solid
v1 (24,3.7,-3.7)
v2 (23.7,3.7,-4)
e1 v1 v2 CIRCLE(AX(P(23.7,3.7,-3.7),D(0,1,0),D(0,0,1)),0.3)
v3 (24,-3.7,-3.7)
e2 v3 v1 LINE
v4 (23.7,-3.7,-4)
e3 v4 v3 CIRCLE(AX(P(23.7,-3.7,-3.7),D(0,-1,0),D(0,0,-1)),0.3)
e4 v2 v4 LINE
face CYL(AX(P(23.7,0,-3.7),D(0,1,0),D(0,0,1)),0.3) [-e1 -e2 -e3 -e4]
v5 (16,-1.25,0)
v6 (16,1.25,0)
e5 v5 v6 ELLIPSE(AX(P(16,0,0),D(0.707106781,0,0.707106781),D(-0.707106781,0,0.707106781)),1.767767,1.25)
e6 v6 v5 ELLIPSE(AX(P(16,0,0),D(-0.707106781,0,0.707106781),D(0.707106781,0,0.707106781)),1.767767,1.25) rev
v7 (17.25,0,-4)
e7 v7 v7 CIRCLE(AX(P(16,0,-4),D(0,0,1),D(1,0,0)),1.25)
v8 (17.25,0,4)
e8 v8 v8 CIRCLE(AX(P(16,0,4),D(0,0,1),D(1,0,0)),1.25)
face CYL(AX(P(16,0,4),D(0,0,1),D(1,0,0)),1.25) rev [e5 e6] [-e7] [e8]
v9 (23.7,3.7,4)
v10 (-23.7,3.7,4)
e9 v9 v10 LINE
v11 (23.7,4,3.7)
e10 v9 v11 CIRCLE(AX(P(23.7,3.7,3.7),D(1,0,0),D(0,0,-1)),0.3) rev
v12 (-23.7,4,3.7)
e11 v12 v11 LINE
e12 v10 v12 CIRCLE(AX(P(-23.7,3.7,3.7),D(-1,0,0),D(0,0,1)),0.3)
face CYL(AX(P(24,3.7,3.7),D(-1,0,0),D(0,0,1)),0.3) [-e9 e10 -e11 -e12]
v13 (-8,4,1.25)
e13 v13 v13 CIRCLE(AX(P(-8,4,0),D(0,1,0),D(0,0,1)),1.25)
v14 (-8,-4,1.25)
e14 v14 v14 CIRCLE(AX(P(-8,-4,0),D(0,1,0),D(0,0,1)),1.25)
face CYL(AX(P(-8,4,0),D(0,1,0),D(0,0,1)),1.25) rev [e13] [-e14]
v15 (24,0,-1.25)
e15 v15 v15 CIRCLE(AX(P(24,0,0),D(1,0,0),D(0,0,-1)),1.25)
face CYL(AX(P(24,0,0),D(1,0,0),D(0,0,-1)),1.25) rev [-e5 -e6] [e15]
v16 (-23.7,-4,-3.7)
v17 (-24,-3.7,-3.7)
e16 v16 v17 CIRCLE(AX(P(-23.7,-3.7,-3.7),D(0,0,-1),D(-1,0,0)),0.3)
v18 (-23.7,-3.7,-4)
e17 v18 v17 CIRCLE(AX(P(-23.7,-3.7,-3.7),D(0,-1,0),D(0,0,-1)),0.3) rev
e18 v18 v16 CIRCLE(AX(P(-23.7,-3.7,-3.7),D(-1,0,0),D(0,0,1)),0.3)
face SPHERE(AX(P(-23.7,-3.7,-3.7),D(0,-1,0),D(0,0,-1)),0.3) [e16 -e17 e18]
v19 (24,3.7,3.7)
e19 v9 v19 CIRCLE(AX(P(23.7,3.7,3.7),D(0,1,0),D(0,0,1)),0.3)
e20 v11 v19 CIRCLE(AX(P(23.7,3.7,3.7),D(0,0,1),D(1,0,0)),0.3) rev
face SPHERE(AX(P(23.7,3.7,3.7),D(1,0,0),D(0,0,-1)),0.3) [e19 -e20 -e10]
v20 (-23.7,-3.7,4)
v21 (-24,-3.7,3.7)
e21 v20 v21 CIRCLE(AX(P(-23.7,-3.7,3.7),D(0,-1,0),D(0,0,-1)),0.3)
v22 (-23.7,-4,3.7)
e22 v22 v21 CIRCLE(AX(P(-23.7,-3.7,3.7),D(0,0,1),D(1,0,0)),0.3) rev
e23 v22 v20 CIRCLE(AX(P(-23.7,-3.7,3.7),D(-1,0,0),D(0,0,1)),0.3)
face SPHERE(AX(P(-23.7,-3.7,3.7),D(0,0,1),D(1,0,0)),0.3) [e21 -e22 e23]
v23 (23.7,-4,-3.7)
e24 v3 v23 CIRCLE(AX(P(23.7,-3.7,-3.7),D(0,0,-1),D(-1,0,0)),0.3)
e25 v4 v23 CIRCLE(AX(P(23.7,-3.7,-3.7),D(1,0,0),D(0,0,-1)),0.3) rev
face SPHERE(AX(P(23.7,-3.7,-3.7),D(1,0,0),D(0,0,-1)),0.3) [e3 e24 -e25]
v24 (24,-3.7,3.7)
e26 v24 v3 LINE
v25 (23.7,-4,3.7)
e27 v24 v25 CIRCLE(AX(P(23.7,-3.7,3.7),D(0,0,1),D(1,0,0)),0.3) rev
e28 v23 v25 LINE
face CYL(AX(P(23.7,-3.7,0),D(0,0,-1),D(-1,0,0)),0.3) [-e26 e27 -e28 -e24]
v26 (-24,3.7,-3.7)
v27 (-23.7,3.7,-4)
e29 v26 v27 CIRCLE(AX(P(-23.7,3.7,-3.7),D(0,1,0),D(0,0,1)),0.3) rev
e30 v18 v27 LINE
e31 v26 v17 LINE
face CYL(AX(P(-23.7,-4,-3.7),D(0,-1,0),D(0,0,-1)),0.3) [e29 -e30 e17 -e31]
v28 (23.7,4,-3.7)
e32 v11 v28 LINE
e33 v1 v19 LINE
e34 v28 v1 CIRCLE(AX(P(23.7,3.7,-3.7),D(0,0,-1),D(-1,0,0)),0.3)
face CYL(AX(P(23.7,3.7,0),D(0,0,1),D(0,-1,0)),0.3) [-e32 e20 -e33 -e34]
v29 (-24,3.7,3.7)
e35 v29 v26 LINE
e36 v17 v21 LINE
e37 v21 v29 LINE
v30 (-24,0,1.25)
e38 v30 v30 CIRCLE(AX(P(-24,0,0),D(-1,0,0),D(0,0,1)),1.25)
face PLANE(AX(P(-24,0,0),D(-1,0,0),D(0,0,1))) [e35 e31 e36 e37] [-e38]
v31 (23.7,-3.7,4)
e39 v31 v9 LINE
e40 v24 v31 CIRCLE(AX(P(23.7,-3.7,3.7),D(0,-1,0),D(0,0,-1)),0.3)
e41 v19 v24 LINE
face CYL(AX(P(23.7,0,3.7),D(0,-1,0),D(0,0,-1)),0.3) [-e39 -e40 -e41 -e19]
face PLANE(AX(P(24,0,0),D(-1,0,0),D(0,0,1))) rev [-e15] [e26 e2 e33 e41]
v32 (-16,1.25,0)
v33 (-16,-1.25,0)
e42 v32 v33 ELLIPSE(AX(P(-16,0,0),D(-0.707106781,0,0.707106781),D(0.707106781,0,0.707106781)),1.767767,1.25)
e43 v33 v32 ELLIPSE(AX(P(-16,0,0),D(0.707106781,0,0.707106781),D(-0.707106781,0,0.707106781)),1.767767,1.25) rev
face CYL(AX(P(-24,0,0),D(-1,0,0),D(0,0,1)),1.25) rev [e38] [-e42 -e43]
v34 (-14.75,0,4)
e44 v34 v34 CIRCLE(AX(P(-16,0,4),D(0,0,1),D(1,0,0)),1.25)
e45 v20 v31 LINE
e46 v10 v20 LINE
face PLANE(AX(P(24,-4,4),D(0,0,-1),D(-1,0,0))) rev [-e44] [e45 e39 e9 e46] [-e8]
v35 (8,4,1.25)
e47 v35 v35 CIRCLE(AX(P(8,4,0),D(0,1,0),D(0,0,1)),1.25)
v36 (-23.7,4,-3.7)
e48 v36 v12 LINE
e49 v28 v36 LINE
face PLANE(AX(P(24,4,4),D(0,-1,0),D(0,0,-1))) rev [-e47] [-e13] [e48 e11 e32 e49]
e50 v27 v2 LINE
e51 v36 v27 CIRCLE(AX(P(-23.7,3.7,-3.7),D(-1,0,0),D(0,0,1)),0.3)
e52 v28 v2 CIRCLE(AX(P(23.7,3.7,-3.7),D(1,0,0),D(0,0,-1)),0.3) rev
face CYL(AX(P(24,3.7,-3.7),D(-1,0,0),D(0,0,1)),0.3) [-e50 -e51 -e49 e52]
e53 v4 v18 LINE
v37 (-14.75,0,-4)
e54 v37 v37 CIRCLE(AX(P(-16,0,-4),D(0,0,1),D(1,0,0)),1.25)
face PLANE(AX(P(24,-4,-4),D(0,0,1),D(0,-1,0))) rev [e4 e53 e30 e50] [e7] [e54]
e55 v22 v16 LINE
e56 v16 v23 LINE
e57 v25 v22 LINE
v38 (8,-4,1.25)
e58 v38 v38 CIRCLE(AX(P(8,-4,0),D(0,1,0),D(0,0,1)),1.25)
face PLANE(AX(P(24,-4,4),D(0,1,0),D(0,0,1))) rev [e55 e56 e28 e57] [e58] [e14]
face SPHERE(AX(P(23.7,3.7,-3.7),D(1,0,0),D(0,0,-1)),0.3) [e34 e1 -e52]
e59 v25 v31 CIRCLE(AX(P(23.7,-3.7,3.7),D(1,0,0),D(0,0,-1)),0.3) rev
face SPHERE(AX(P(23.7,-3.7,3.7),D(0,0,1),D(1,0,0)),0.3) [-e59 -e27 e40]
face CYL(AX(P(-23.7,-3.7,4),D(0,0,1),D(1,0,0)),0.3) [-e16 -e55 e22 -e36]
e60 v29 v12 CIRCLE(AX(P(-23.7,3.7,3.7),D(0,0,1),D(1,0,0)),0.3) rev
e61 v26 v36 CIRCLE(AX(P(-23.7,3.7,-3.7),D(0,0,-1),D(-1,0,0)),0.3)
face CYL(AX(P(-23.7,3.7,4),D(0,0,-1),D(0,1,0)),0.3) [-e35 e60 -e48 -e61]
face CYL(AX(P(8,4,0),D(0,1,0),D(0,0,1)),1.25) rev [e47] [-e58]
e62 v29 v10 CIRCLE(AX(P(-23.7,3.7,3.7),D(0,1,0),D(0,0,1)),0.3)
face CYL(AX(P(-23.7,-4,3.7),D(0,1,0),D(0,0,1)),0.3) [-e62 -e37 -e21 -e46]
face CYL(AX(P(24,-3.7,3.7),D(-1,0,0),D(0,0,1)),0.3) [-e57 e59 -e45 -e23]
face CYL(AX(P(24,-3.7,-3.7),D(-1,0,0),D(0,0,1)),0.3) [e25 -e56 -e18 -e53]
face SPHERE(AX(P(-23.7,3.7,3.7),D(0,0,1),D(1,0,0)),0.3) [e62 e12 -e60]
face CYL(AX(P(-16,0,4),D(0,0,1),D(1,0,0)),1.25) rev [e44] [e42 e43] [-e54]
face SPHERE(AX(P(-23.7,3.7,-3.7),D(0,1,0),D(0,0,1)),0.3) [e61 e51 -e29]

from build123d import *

# Parameters (mm, degrees)
SKETCH_1_W           = 8
SKETCH_1_H           = 8
EXTRUDE_1_DEPTH      = 24
FILLET_1_R           = 0.3
HOLE_WIZARD_1_D      = 2.5
HOLE_WIZARD_2_D      = 2.5
HOLE_WIZARD_3_REACH  = 50.332
HOLE_WIZARD_3_BORE_R = 1.25


with BuildPart() as part:
    # 草图1 → 凸台-拉伸1 (new, symmetric)
    with BuildSketch(Plane(origin=(0, 0, 0), x_dir=(0, 0, -1), z_dir=(1, 0, 0))):
        Rectangle(SKETCH_1_W, SKETCH_1_H)
    extrude(amount=EXTRUDE_1_DEPTH, both=True)

    # 圆角1
    fillet_1_edges = [part.edges().sort_by_distance(p)[0] for p in [
        (24, 0, 4),
        (24, -4, 0),
        (24, 0, -4),
        (-24, -4, 0),
        (-24, 0, 4),
        (-24, 4, 0),
        (-24, 0, -4),
        (0, -4, -4),
        (0, -4, 4),
        (0, 4, 4),
        (0, 4, -4),
        (24, 4, 0),
    ]]
    fillet(fillet_1_edges, radius=FILLET_1_R)

    # 螺纹孔1 (through all)
    with Locations(Plane(origin=(0, 4, 0), x_dir=(1, 0, 0), z_dir=(0, 1, 0))):
        with Locations((-8, 0), (8, 0)):
            Hole(HOLE_WIZARD_1_D / 2)

    # 螺纹孔2 (through all)
    with Locations(Plane.XY.offset(4)):
        with Locations((-16, 0), (16, 0)):
            Hole(HOLE_WIZARD_2_D / 2)

    # 螺纹孔3 bore → 螺纹孔3 (cut, up to next)
    with BuildSketch(Plane.ZY.offset(24), mode=Mode.PRIVATE) as hole_wizard_3_sk1:
        Circle(HOLE_WIZARD_3_BORE_R)
    hole_wizard_3_tool1 = extrude(hole_wizard_3_sk1.sketch, amount=-HOLE_WIZARD_3_REACH, mode=Mode.PRIVATE) & part.part
    hole_wizard_3 = hole_wizard_3_tool1.solids().sort_by_distance((-24, 0, 0))[0]
    add(hole_wizard_3, mode=Mode.SUBTRACT)

    # 镜向1: 螺纹孔3 across plane
    add(hole_wizard_3.mirror(Plane(origin=(0, 0, 0), x_dir=(0, 0, 1), z_dir=(1, 0, 0))), mode=Mode.SUBTRACT)


solid = part.part
